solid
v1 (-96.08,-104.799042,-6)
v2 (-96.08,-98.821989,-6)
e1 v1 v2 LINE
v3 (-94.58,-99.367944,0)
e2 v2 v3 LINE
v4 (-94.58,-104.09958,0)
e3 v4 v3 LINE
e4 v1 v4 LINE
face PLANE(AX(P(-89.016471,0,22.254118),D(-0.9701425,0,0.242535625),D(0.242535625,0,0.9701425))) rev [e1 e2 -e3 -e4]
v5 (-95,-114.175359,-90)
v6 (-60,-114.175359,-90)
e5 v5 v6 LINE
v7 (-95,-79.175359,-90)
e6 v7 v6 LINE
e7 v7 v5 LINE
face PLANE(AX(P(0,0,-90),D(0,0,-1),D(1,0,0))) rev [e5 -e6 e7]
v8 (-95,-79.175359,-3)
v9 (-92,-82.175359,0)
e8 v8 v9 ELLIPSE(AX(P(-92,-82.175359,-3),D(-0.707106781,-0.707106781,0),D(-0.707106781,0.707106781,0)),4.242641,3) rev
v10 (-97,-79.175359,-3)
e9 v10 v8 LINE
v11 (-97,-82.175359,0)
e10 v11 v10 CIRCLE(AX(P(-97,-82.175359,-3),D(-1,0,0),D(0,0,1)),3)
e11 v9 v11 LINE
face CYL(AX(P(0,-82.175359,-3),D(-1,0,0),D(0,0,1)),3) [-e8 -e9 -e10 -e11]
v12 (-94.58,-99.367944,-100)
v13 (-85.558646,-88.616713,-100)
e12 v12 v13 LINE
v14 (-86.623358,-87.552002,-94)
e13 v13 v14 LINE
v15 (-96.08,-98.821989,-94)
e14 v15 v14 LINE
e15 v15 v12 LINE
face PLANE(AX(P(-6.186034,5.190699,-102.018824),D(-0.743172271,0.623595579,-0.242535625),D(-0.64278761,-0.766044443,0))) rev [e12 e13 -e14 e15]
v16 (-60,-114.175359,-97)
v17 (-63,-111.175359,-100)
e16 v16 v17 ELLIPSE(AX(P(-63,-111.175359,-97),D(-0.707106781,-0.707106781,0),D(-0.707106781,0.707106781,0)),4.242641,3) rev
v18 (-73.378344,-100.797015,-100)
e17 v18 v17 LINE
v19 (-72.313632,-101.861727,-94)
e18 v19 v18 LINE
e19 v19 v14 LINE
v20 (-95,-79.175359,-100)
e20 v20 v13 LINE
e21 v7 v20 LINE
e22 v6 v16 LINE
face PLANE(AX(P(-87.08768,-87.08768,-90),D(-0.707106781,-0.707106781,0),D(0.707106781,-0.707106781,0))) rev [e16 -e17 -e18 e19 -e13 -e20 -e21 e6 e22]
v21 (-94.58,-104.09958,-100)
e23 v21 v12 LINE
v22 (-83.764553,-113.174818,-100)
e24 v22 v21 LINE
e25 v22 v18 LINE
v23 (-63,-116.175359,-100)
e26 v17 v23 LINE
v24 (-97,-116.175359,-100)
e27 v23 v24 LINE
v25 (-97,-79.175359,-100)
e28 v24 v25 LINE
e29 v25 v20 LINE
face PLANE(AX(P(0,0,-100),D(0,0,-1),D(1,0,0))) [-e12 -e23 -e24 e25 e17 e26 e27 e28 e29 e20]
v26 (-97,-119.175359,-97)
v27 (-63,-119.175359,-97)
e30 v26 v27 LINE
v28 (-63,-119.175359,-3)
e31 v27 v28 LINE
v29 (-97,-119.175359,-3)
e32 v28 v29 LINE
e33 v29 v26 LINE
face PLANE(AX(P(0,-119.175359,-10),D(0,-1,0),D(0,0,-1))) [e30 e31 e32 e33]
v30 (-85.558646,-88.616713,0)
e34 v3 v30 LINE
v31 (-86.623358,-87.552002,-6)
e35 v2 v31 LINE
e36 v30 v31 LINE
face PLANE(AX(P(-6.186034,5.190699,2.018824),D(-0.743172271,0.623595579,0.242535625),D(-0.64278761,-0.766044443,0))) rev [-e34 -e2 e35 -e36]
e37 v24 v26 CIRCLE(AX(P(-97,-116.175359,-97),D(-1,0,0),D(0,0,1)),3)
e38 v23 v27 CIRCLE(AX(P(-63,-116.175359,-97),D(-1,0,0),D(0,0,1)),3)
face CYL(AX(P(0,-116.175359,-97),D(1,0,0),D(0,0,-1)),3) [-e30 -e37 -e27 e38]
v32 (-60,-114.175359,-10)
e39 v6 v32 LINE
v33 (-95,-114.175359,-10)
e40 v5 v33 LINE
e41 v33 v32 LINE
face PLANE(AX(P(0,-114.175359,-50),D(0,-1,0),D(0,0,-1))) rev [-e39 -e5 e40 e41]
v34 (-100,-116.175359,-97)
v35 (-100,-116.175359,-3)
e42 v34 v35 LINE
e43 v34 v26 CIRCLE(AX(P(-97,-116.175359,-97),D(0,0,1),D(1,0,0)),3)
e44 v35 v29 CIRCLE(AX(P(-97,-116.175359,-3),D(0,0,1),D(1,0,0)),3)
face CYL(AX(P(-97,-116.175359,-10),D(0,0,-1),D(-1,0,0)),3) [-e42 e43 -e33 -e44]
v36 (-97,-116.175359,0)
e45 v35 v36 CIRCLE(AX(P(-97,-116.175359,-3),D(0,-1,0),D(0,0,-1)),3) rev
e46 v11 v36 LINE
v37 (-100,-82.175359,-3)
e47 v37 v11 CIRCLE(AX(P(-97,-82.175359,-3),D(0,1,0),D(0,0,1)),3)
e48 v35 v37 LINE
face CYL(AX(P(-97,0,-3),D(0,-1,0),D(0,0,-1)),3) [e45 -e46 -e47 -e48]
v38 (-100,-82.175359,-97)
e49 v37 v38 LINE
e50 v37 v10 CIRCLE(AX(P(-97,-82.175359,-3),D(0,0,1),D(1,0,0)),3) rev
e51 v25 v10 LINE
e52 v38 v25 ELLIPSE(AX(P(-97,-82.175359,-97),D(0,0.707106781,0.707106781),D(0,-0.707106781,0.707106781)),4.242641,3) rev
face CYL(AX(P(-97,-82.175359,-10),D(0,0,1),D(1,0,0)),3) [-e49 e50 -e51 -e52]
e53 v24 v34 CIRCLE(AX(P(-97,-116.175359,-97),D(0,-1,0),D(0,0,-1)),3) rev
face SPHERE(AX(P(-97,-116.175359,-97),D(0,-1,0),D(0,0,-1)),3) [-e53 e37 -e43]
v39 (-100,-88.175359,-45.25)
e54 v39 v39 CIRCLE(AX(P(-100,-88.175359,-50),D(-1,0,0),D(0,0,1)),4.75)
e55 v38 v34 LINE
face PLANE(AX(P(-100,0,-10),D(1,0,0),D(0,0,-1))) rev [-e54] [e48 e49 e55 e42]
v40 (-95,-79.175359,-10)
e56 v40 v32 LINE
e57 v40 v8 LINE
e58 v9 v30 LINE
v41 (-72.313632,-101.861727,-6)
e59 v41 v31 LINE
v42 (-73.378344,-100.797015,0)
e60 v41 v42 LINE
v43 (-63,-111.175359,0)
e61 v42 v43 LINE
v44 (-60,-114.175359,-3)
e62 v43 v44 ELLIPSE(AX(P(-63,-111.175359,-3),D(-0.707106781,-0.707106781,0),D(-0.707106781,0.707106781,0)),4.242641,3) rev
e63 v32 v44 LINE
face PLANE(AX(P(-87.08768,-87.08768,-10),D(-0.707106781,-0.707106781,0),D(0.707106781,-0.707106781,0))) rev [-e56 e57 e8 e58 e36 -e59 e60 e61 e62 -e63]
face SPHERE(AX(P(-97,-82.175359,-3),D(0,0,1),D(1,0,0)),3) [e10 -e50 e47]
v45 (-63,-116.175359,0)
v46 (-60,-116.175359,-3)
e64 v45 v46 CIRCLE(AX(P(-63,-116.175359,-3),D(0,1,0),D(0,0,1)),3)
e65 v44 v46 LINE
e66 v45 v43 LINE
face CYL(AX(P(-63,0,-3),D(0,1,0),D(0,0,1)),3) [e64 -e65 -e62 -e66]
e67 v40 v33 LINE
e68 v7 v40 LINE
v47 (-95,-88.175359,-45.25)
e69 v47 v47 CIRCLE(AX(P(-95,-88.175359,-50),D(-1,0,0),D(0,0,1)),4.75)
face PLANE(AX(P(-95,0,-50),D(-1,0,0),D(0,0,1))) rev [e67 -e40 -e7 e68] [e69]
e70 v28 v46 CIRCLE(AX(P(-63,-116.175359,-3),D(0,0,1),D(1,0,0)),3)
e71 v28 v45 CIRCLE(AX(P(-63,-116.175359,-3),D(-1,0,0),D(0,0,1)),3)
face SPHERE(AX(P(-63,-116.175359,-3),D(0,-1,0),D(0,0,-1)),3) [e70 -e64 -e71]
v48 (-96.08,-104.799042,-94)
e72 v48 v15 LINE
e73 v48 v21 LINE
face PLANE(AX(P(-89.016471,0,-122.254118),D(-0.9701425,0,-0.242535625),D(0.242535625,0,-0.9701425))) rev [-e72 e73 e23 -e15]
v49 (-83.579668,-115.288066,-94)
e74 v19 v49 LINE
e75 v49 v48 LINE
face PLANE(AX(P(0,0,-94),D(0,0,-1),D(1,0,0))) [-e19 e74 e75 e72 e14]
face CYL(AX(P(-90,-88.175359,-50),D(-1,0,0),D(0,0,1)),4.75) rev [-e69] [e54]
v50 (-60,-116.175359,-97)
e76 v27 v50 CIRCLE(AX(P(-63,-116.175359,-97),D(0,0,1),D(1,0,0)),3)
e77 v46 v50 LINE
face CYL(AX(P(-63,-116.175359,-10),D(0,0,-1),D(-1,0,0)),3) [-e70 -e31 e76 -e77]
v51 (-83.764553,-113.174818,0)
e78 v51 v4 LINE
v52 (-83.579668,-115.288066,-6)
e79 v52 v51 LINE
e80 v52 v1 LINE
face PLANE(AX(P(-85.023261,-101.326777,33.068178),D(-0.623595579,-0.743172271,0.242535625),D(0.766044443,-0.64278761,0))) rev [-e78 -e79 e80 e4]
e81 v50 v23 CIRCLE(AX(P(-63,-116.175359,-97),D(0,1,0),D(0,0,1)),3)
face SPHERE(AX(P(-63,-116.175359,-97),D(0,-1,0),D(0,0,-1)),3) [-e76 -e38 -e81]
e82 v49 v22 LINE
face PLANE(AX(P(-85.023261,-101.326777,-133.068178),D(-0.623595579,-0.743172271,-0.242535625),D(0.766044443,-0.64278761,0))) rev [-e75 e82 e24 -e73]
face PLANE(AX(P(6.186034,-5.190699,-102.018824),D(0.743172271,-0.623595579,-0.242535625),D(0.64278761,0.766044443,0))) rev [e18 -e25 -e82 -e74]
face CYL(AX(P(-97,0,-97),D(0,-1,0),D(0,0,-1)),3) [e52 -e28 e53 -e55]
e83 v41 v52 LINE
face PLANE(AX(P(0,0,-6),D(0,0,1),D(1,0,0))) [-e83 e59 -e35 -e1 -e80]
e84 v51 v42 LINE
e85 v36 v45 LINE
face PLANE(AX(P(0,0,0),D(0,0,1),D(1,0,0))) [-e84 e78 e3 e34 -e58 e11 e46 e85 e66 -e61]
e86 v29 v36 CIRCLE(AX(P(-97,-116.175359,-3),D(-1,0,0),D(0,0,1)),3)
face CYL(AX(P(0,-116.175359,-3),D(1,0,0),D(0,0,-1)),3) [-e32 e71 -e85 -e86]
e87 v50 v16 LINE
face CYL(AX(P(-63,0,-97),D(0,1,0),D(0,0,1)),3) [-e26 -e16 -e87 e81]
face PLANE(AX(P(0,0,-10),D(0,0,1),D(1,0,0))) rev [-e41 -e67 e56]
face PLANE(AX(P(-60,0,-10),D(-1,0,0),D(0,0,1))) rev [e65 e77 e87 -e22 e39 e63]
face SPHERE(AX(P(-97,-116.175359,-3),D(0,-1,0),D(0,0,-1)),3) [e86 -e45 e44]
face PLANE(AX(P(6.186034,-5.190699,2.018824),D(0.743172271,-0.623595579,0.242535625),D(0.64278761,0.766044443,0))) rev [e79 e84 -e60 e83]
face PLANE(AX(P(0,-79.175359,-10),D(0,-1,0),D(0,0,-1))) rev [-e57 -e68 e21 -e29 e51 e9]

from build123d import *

# Parameters (mm, degrees)
EXTRUDE_1_DEPTH     = 10
EXTRUDE_3_DEPTH     = 40
FILLET_2_R          = 3
FILLET_3_R          = 3
SKETCH_13_R         = 4.75
CUT_EXTRUDE_3_DEPTH = 10


with BuildPart() as part:
    # 草图3 → 凸台-拉伸1 (new body)
    with BuildSketch(Plane.XY):
        Polygon((-100, -79.175359259), (-100, -119.175359259), (-60, -119.175359259), (-60, -114.175359259), (-95, -79.175359259), align=None)
    extrude(amount=-EXTRUDE_1_DEPTH)

    # 草图5 → 切除-放样1 section 0
    with BuildSketch(Plane.XY.offset(-6)):
        with BuildLine():
            Line((-96.08, -104.799041882), (-96.08, -98.821989002))
            Line((-96.08, -98.821989002), (-81.709132385, -81.695455893))
            Line((-81.709132385, -81.695455893), (-66.265676412, -94.654054104))
            Line((-66.265676412, -94.654054104), (-83.579668035, -115.288065824))
            Line((-83.579668035, -115.288065824), (-96.08, -104.799041882))
        make_face()
    # 草图8 → 切除-放样1 section 1
    with BuildSketch(Plane.XY):
        with BuildLine():
            Line((-94.58, -104.099580395), (-94.58, -99.367944353))
            Line((-94.58, -99.367944353), (-80.56006572, -82.659637307))
            Line((-80.56006572, -82.659637307), (-67.414743077, -93.68987269))
            Line((-67.414743077, -93.68987269), (-83.764553285, -113.174817744))
            Line((-83.764553285, -113.174817744), (-94.58, -104.099580395))
        make_face()
    loft(mode=Mode.SUBTRACT)

    # 草图9 → 凸台-拉伸3 (add)
    with BuildSketch(Plane(origin=(0, 0, -10), x_dir=(-1, 0, 0), z_dir=(0, 0, -1))):
        Polygon((95, -79.175359259), (95, -114.175359259), (60, -114.175359259), (60, -119.175359259), (100, -119.175359259), (100, -79.175359259), align=None)
    extrude(amount=EXTRUDE_3_DEPTH)

    # 镜向2: part across plane


with BuildPart() as part_1:
    add(part.part)
    add(part.part.mirror(Plane(origin=(0, 0, -50), x_dir=(1, 0, 0), z_dir=(0, 0, -1))))

    # 圆角2
    fillet_2_edges = [part_1.edges().sort_by_distance(p)[0] for p in [
        (-60, -116.675359259, -100),
        (-60, -116.675359259, 0),
        (-100, -99.175359259, -100),
        (-100, -99.175359259, 0),
        (-100, -79.175359259, -50),
        (-97.5, -79.175359259, 0),
    ]]
    fillet(fillet_2_edges, radius=FILLET_2_R)

    # 圆角3
    fillet_3_edges = [part_1.edges().sort_by_distance(p)[0] for p in [
        (-80, -119.175359259, -100),
        (-80, -119.175359259, 0),
        (-100, -119.175359259, -50),
        (-60, -119.175359259, -50),
        (-99.121320344, -119.175359259, -0.878679656),
        (-99.121320344, -119.175359259, -99.121320344),
        (-60.878679656, -119.175359259, -0.878679656),
        (-60.878679656, -119.175359259, -99.121320344),
    ]]
    fillet(fillet_3_edges, radius=FILLET_3_R)

    # 草图13 → 切除-拉伸3 (cut)
    with BuildSketch(Plane.ZY.offset(100)):
        with Locations((-50, -88.175359259)):
            Circle(SKETCH_13_R)
    extrude(amount=-CUT_EXTRUDE_3_DEPTH, mode=Mode.SUBTRACT)


solid = part_1.part
